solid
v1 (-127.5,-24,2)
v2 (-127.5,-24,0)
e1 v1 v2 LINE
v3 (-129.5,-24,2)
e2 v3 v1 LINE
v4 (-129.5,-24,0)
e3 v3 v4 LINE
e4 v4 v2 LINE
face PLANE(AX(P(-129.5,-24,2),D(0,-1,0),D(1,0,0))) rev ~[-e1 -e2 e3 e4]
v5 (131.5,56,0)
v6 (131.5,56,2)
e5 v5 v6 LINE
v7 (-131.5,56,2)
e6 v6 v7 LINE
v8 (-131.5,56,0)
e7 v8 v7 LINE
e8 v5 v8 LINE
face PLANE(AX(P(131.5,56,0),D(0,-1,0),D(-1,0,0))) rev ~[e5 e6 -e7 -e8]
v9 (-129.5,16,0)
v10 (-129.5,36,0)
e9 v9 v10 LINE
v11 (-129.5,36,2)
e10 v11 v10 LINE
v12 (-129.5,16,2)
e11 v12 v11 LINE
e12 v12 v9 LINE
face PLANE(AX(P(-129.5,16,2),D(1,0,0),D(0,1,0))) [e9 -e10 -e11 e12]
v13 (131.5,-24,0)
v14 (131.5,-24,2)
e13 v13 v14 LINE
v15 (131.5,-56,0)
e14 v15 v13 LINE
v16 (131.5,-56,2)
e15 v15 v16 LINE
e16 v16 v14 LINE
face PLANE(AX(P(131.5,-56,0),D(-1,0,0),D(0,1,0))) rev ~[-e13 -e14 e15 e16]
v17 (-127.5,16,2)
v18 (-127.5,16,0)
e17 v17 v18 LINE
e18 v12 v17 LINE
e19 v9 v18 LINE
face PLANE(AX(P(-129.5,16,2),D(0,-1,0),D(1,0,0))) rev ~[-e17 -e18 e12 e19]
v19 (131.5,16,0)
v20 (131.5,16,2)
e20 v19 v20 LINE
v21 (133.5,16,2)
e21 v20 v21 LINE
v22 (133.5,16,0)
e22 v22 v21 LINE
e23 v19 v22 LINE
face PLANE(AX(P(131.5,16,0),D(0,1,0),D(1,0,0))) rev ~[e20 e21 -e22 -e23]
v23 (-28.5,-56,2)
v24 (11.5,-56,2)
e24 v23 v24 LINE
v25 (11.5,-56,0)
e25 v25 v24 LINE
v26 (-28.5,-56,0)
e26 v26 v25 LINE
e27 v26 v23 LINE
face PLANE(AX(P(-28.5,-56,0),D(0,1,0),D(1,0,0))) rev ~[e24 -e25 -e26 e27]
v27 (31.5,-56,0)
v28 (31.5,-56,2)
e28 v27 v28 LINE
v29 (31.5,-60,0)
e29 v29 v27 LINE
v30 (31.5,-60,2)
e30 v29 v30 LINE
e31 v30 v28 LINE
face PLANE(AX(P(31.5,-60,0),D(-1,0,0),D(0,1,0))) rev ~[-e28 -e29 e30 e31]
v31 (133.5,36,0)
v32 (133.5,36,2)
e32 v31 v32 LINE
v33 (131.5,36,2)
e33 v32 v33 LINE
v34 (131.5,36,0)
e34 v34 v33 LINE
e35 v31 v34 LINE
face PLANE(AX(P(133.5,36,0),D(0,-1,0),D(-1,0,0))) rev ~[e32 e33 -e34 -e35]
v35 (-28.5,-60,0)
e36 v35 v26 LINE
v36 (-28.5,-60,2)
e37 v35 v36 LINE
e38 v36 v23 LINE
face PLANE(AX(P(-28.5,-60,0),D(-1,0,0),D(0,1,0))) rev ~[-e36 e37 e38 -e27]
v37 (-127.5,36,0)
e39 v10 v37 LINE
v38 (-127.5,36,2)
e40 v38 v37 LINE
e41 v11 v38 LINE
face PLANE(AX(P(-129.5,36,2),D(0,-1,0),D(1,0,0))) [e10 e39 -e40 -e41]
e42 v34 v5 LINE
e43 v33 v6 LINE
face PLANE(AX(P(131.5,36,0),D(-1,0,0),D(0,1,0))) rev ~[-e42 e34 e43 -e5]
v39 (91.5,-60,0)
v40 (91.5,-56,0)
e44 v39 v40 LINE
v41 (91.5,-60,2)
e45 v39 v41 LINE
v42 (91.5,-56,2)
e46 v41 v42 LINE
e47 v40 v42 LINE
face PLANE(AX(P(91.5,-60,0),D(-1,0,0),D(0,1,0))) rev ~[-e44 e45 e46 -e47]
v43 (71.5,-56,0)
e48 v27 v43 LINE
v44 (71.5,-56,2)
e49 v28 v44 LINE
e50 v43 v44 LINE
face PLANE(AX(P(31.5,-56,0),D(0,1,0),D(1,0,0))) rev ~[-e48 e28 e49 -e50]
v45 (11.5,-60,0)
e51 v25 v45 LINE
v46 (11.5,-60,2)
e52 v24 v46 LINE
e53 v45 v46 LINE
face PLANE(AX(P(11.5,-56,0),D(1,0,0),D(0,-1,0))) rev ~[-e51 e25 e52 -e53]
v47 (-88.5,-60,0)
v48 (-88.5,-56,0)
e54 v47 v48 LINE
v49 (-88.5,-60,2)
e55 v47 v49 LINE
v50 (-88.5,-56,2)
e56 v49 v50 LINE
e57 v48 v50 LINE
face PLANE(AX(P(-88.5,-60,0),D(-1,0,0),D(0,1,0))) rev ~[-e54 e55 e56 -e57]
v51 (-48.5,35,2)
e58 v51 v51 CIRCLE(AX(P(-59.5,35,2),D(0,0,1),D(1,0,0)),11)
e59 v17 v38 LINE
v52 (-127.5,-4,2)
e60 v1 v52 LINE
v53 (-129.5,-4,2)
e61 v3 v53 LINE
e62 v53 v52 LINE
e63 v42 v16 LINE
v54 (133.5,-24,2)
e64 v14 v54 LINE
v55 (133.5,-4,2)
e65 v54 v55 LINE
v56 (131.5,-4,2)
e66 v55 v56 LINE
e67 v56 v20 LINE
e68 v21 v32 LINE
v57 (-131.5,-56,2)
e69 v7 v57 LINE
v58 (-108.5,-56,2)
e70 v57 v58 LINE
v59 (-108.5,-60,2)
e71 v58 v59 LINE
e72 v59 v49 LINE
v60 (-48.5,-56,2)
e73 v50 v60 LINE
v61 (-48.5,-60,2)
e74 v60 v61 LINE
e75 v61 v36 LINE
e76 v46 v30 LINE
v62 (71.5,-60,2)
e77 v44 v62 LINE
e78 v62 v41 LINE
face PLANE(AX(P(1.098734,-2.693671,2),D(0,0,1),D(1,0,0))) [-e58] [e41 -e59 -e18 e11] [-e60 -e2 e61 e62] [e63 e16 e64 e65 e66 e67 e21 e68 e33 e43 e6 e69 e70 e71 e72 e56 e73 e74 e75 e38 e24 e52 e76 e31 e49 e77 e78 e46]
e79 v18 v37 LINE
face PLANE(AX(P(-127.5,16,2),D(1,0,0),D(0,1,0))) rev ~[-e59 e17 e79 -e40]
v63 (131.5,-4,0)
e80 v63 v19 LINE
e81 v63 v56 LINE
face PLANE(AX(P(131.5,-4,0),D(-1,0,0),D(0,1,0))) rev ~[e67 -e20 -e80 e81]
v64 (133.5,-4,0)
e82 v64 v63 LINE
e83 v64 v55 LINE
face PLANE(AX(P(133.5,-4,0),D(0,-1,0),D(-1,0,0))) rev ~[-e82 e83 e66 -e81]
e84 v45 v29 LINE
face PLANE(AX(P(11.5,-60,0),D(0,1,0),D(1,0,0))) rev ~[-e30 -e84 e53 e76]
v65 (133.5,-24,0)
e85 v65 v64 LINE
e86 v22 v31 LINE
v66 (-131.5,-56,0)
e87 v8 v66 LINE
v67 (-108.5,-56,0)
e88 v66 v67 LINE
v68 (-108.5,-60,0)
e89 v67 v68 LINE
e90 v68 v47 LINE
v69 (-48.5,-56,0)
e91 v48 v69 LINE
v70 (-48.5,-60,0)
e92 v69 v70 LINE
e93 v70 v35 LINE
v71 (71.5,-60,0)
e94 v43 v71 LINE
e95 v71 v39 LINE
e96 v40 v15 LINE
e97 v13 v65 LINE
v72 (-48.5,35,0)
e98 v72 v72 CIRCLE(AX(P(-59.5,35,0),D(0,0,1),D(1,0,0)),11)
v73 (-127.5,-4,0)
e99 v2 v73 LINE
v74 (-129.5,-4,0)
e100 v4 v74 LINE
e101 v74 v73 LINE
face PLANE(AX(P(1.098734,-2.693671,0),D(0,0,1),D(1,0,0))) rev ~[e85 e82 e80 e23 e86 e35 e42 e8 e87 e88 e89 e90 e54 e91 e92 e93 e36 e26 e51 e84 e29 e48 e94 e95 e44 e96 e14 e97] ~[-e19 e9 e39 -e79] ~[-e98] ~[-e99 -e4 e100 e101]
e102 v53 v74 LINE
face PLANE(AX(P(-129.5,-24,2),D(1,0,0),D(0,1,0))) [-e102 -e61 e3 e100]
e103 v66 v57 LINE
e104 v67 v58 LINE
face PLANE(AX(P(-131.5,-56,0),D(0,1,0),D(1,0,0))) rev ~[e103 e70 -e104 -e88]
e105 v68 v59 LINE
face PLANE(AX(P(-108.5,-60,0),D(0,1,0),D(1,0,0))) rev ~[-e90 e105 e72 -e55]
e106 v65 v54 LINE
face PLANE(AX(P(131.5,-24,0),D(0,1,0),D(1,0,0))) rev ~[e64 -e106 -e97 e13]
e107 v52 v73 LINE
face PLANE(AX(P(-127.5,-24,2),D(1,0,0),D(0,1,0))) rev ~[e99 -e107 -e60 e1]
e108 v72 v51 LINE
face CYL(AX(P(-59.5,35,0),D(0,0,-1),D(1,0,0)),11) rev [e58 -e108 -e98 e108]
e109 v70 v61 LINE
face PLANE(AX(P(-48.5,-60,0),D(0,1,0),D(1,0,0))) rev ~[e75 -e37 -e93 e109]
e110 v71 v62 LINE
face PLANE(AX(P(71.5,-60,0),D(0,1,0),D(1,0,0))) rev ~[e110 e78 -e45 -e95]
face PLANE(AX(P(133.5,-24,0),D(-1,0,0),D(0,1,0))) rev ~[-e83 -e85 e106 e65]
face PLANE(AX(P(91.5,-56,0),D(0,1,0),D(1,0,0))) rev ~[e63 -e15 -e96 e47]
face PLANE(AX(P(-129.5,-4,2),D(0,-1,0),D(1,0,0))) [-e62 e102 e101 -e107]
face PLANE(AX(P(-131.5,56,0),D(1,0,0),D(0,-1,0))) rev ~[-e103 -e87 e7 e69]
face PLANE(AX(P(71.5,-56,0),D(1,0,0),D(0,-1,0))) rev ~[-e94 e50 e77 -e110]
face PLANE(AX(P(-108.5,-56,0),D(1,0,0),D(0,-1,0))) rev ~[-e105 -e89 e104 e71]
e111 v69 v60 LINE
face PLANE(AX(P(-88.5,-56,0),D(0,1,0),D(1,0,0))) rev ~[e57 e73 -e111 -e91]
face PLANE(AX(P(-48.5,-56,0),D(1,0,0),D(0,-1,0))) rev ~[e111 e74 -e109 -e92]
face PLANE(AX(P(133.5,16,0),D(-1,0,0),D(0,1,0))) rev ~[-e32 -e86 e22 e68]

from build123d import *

# Parameters (mm, degrees)
SKETCH1_R           = 11
BOSS_EXTRUDE1_DEPTH = 2
SKETCH2_W           = 2
SKETCH2_H           = 20
CUT_EXTRUDE1_DEPTH  = 10


with BuildPart() as part:
    # Sketch1 → Boss-Extrude1 (new body)
    with BuildSketch(Plane.XY):
        Polygon((11.5, -56), (11.5, -60), (31.5, -60), (31.5, -56), (71.5, -56), (71.5, -60), (91.5, -60), (91.5, -56), (131.5, -56), (131.5, -24), (133.5, -24), (133.5, -4), (131.5, -4), (131.5, 16), (133.5, 16), (133.5, 36), (131.5, 36), (131.5, 56), (-131.5, 56), (-131.5, 36), (-131.5, 16), (-131.5, -4), (-131.5, -24), (-131.5, -56), (-108.5, -56), (-108.5, -60), (-88.5, -60), (-88.5, -56), (-48.5, -56), (-48.5, -60), (-28.5, -60), (-28.5, -56), align=None)
        with Locations((-59.5, 35)):
            Circle(SKETCH1_R, mode=Mode.SUBTRACT)
    extrude(amount=BOSS_EXTRUDE1_DEPTH)

    # Sketch2 → Cut-Extrude1 (cut)
    with BuildSketch(Plane.XY.offset(2)):
        with Locations((-128.5, 26)):
            Rectangle(SKETCH2_W, SKETCH2_H)
        with Locations((-128.5, -14)):
            Rectangle(SKETCH2_W, SKETCH2_H)
    extrude(amount=-CUT_EXTRUDE1_DEPTH, mode=Mode.SUBTRACT)


solid = part.part
